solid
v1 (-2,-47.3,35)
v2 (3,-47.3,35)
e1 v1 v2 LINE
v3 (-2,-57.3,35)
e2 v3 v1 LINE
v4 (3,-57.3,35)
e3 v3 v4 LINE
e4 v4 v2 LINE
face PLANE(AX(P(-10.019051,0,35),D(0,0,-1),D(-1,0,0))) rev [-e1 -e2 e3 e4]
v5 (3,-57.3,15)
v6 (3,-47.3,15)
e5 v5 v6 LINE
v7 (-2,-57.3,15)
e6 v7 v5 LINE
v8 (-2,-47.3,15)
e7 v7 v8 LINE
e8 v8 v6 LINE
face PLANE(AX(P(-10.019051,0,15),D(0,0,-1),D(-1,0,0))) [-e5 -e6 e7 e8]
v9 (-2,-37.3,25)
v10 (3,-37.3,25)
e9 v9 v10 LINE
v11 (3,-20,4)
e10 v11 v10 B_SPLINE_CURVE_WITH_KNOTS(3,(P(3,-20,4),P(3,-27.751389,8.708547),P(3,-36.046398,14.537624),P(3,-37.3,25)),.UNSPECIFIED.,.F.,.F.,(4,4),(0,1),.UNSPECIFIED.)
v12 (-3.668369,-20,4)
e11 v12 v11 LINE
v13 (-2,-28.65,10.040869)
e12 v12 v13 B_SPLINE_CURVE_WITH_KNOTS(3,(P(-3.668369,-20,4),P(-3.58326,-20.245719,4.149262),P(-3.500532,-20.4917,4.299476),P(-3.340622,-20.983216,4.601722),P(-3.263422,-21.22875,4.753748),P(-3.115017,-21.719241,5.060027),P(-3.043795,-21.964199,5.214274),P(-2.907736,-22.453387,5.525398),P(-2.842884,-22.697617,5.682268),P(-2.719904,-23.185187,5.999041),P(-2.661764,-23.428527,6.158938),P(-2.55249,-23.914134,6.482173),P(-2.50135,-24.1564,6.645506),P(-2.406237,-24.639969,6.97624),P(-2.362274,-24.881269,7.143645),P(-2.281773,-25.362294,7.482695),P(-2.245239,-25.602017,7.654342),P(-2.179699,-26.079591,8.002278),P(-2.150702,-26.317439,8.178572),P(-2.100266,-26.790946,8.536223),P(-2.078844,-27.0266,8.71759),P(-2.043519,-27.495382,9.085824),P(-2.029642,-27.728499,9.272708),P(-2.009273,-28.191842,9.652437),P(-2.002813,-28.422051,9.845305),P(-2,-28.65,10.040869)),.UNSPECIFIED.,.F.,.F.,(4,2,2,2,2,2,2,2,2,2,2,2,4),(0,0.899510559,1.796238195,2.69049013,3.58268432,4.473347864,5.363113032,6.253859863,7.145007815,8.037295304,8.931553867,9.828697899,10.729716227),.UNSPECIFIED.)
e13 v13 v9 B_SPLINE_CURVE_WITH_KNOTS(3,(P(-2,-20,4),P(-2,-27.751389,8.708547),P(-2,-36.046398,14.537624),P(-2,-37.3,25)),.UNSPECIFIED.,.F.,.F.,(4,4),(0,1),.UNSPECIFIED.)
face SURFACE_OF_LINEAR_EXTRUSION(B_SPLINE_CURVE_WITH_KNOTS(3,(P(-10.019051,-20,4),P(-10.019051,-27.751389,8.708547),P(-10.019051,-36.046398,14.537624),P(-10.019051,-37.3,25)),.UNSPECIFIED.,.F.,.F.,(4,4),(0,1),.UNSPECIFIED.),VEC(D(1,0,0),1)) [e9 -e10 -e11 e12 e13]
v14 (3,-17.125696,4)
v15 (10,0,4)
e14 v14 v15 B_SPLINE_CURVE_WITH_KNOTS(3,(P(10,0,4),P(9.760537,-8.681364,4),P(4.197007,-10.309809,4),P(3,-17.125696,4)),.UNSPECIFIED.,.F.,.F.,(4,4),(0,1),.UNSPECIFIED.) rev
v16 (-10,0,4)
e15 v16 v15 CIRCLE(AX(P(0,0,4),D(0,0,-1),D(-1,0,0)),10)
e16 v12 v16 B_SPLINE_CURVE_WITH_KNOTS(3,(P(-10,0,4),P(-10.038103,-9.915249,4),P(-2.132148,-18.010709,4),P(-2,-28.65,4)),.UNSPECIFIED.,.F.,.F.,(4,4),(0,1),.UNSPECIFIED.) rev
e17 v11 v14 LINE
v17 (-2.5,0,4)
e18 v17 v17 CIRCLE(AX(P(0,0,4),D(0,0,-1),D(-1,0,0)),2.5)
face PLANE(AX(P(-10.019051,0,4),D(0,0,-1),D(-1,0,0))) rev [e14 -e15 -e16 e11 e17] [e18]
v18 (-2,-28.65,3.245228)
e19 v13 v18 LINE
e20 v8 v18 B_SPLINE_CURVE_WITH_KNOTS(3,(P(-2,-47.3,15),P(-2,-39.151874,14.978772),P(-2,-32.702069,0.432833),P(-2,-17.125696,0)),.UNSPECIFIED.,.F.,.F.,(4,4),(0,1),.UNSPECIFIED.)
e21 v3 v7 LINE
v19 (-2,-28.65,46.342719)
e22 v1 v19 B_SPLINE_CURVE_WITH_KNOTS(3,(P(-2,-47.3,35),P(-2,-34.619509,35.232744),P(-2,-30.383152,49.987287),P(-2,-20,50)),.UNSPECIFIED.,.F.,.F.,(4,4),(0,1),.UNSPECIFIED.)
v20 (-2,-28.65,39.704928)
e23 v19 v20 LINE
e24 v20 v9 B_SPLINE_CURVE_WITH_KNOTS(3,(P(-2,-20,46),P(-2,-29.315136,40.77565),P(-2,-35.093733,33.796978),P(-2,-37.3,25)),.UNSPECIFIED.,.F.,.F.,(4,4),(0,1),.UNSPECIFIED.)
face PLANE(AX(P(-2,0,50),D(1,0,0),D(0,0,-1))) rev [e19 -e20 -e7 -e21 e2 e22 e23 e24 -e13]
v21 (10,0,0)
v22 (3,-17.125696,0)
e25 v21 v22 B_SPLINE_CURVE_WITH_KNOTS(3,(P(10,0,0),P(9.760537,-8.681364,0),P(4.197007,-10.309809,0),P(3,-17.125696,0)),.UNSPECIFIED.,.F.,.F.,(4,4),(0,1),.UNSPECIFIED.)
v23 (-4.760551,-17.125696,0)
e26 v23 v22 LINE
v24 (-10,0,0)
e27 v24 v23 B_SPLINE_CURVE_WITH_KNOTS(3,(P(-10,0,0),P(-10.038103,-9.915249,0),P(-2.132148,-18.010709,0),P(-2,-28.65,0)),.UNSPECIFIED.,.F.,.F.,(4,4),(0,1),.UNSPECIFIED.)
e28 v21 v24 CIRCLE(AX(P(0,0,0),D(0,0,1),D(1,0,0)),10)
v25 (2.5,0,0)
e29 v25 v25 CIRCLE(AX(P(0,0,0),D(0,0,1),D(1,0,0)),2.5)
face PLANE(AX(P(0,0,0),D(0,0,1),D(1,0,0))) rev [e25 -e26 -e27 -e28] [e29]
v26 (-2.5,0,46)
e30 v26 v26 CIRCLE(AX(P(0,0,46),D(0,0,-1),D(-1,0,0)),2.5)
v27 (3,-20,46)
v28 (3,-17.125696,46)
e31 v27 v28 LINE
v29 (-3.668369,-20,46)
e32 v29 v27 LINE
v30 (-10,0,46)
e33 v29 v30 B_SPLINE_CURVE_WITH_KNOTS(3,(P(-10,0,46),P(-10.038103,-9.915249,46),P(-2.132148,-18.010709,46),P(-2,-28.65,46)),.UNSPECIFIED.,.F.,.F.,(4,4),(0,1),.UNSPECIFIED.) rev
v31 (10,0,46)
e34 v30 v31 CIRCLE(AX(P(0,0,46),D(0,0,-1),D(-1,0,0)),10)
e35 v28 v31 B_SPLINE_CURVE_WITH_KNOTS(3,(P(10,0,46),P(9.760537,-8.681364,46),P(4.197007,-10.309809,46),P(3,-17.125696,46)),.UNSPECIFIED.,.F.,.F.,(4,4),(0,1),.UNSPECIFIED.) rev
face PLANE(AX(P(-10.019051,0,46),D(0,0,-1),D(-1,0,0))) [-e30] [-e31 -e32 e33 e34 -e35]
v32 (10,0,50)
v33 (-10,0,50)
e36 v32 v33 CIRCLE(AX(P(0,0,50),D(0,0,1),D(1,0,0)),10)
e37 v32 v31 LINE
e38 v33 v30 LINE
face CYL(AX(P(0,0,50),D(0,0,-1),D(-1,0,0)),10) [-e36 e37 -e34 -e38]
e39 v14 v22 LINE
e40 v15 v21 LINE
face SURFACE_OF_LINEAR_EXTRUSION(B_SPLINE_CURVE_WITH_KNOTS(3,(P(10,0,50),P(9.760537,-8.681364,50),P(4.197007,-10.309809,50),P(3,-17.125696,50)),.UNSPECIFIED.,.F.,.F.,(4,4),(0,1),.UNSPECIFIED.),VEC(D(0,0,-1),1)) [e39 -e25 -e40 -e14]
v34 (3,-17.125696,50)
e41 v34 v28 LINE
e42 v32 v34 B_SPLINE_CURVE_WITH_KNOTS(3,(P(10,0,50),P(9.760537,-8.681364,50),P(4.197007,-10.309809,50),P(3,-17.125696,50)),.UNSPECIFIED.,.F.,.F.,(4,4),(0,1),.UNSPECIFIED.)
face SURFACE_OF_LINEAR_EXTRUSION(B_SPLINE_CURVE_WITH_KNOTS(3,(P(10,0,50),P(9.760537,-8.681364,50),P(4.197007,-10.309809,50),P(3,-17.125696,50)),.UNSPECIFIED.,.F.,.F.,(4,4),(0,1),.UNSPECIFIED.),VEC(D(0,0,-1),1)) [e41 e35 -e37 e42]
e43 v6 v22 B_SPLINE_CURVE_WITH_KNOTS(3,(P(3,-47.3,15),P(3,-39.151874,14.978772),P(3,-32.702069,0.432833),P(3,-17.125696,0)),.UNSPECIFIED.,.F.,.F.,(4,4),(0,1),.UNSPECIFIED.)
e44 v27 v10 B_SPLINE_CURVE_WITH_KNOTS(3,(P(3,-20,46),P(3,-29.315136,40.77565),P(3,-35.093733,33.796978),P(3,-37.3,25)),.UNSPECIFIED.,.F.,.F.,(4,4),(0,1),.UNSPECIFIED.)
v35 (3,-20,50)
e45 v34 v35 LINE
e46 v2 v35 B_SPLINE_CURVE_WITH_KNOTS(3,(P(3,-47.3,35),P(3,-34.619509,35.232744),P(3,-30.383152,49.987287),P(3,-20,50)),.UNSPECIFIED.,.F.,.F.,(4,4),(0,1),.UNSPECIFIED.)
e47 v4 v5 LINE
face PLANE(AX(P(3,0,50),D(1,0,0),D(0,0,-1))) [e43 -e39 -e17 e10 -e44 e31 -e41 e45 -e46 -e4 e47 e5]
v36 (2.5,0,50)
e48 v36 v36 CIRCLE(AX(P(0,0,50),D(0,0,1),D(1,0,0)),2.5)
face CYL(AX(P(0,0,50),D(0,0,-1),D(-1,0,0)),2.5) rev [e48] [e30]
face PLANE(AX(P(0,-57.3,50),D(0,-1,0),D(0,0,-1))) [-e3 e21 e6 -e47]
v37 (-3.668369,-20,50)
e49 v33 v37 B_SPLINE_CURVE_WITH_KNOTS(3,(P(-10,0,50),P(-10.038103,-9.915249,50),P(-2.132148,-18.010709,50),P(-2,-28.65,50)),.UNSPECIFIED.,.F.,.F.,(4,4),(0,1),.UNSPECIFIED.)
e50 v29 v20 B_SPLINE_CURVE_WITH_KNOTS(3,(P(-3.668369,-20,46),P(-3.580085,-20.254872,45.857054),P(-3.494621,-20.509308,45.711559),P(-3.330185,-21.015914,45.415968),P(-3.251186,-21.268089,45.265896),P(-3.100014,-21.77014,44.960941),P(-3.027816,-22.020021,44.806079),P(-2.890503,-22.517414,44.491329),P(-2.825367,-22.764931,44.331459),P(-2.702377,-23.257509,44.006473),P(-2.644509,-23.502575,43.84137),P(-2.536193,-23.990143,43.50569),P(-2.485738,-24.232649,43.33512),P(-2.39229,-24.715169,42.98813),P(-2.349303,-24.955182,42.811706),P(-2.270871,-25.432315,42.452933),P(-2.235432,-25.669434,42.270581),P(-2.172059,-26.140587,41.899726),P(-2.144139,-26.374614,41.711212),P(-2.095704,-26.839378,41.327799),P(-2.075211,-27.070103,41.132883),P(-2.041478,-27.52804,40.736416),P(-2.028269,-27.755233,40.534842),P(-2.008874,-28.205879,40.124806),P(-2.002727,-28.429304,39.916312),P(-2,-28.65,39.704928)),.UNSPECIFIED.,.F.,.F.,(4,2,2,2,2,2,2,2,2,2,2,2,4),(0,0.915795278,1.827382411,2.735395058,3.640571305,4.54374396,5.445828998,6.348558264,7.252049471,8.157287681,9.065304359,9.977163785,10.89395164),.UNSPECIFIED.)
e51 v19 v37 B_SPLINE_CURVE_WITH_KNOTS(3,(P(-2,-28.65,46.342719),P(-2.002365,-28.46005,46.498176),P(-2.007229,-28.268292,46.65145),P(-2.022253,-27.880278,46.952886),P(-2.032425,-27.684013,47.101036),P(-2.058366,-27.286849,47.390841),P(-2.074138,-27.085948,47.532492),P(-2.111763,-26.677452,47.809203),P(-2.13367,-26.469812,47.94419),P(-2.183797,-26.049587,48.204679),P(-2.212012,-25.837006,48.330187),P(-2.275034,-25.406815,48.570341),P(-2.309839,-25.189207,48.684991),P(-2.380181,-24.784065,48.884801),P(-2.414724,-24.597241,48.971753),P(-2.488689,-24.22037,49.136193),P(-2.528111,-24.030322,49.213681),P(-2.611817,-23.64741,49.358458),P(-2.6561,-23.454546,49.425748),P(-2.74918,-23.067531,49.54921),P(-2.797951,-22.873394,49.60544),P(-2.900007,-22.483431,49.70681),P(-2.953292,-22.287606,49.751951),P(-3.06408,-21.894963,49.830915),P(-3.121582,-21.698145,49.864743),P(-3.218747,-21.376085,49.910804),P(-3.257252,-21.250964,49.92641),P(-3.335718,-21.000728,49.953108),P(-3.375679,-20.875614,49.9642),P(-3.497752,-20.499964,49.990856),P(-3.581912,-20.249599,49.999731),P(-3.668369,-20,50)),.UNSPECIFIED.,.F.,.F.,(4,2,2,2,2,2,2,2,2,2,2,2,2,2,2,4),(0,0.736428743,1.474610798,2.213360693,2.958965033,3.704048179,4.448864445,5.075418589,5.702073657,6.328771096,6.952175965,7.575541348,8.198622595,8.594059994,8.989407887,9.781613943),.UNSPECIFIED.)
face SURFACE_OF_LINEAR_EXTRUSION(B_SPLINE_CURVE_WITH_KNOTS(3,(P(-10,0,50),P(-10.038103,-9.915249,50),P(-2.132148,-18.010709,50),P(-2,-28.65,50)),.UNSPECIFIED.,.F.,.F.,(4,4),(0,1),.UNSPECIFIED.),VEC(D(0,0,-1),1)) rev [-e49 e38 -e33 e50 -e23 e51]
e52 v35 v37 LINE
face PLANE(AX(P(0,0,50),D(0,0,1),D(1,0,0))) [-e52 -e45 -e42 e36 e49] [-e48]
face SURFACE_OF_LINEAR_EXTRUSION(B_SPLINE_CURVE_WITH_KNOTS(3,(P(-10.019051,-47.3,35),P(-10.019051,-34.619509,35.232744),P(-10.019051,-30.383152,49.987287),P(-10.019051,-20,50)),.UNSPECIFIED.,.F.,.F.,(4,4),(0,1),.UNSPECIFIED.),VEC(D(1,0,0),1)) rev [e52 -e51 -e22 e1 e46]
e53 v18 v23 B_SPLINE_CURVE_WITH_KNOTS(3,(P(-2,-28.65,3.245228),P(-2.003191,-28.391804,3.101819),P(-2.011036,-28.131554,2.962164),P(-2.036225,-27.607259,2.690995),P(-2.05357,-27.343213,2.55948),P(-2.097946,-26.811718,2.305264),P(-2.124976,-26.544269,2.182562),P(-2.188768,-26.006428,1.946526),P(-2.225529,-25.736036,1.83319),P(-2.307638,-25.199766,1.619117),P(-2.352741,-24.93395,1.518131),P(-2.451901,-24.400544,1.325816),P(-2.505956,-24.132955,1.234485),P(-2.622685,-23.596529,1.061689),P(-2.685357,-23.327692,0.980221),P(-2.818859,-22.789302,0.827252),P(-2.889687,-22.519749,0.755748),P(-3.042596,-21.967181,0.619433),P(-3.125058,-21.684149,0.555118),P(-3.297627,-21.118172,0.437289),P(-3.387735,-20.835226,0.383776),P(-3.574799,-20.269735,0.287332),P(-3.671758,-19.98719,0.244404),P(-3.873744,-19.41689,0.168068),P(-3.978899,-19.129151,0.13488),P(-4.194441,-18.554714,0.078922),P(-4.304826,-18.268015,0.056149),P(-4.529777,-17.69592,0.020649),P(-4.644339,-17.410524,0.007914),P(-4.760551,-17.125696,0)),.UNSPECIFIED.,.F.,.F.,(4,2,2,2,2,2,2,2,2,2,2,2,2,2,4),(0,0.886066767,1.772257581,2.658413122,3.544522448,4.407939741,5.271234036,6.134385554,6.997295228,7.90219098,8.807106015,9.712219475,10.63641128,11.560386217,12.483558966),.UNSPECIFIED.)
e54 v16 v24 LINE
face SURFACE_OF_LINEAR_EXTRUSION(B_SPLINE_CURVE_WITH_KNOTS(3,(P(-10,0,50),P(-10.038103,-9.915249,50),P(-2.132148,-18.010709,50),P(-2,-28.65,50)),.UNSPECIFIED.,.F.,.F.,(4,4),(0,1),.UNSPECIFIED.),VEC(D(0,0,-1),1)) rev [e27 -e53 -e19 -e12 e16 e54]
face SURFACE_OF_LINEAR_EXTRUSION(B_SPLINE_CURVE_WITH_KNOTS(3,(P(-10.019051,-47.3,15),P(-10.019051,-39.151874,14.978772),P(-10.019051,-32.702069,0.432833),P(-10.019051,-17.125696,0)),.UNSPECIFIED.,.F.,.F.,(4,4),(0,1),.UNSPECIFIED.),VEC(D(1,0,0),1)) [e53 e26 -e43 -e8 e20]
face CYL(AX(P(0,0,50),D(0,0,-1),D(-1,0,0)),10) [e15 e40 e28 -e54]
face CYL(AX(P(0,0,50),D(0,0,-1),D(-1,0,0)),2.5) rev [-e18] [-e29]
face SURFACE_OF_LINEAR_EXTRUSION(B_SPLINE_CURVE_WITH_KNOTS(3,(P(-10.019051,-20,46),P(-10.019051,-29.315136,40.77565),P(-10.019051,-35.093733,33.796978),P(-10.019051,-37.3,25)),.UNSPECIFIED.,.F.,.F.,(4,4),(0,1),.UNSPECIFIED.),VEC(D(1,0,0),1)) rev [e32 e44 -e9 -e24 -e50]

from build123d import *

# Parameters (mm, degrees)
ESQUISSE1_R                  = 2.5
BOSS_EXTRU_1_DEPTH           = 50
ENL_V_MAT_EXTRU_1_DEPTH      = 78.151108828
ENL_V_MAT_EXTRU_1_DEPTH_BACK = 78.151108828


with BuildPart() as part:
    # Esquisse1 → Boss.-Extru.1 (new body)
    with BuildSketch(Plane.XY):
        with BuildLine():
            ThreePointArc((10, 0), (0, 10), (-10, 0))
            add(Edge.make_bspline(
                [(-10, 0), (-10.038102543, -9.915248827), (-2.132148039, -18.010708935), (-2, -28.65)],
                knots=[0, 0, 0, 0, 1, 1, 1, 1], degree=3))
            Line((-2, -28.65), (-2, -57.3))
            Line((-2, -57.3), (3, -57.3))
            Line((3, -57.3), (3, -17.125696421))
            add(Edge.make_bspline(
                [(3, -17.125696421), (4.197007016, -10.30980911), (9.760537062, -8.681364111), (10, 0)],
                knots=[0.044553807, 0.044553807, 0.044553807, 0.044553807, 1.044553807, 1.044553807, 1.044553807, 1.044553807], degree=3))
        make_face()
        Circle(ESQUISSE1_R, mode=Mode.SUBTRACT)
    extrude(amount=BOSS_EXTRU_1_DEPTH)

    # Esquisse2 → Enlèv. mat.-Extru.1 (cut, two sides: drawn at the far end of the back side and taken through both)
    with BuildSketch(Plane(origin=(3, 0, 0), x_dir=(0, 0, -1), z_dir=(1, 0, 0)).offset(-ENL_V_MAT_EXTRU_1_DEPTH_BACK)):
        with BuildLine():
            Line((-50, -57.3), (-35, -57.3))
            Line((-35, -57.3), (-35, -47.3))
            add(Edge.make_bspline(
                [(-35, -47.3), (-35.232743916, -34.619508974), (-49.987287139, -30.383151659), (-50, -20)],
                knots=[0, 0, 0, 0, 1, 1, 1, 1], degree=3))
            Line((-50, -20), (-50, -57.3))
        make_face()
        with BuildLine():
            Line((-15, -47.3), (-15, -57.3))
            Line((-15, -57.3), (0, -57.3))
            Line((0, -57.3), (0, -17.125696421))
            add(Edge.make_bspline(
                [(0, -17.125696421), (-0.432832627, -32.702069391), (-14.978771971, -39.151873856), (-15, -47.3)],
                knots=[0.670508014, 0.670508014, 0.670508014, 0.670508014, 1.670508014, 1.670508014, 1.670508014, 1.670508014], degree=3))
        make_face()
        with BuildLine():
            add(Edge.make_bspline(
                [(-46, -20), (-40.775649876, -29.315136052), (-33.796978395, -35.093732661), (-25, -37.3)],
                knots=[0, 0, 0, 0, 1, 1, 1, 1], degree=3))
            add(Edge.make_bspline(
                [(-4, -20), (-8.708547212, -27.751388753), (-14.537623568, -36.046397597), (-25, -37.3)],
                knots=[0, 0, 0, 0, 1, 1, 1, 1], degree=3))
            Line((-4, -20), (-4, 10))
            Line((-4, 10), (-46, 10))
            Line((-46, 10), (-46, -20))
        make_face()
    extrude(amount=ENL_V_MAT_EXTRU_1_DEPTH + ENL_V_MAT_EXTRU_1_DEPTH_BACK, mode=Mode.SUBTRACT)


solid = part.part
